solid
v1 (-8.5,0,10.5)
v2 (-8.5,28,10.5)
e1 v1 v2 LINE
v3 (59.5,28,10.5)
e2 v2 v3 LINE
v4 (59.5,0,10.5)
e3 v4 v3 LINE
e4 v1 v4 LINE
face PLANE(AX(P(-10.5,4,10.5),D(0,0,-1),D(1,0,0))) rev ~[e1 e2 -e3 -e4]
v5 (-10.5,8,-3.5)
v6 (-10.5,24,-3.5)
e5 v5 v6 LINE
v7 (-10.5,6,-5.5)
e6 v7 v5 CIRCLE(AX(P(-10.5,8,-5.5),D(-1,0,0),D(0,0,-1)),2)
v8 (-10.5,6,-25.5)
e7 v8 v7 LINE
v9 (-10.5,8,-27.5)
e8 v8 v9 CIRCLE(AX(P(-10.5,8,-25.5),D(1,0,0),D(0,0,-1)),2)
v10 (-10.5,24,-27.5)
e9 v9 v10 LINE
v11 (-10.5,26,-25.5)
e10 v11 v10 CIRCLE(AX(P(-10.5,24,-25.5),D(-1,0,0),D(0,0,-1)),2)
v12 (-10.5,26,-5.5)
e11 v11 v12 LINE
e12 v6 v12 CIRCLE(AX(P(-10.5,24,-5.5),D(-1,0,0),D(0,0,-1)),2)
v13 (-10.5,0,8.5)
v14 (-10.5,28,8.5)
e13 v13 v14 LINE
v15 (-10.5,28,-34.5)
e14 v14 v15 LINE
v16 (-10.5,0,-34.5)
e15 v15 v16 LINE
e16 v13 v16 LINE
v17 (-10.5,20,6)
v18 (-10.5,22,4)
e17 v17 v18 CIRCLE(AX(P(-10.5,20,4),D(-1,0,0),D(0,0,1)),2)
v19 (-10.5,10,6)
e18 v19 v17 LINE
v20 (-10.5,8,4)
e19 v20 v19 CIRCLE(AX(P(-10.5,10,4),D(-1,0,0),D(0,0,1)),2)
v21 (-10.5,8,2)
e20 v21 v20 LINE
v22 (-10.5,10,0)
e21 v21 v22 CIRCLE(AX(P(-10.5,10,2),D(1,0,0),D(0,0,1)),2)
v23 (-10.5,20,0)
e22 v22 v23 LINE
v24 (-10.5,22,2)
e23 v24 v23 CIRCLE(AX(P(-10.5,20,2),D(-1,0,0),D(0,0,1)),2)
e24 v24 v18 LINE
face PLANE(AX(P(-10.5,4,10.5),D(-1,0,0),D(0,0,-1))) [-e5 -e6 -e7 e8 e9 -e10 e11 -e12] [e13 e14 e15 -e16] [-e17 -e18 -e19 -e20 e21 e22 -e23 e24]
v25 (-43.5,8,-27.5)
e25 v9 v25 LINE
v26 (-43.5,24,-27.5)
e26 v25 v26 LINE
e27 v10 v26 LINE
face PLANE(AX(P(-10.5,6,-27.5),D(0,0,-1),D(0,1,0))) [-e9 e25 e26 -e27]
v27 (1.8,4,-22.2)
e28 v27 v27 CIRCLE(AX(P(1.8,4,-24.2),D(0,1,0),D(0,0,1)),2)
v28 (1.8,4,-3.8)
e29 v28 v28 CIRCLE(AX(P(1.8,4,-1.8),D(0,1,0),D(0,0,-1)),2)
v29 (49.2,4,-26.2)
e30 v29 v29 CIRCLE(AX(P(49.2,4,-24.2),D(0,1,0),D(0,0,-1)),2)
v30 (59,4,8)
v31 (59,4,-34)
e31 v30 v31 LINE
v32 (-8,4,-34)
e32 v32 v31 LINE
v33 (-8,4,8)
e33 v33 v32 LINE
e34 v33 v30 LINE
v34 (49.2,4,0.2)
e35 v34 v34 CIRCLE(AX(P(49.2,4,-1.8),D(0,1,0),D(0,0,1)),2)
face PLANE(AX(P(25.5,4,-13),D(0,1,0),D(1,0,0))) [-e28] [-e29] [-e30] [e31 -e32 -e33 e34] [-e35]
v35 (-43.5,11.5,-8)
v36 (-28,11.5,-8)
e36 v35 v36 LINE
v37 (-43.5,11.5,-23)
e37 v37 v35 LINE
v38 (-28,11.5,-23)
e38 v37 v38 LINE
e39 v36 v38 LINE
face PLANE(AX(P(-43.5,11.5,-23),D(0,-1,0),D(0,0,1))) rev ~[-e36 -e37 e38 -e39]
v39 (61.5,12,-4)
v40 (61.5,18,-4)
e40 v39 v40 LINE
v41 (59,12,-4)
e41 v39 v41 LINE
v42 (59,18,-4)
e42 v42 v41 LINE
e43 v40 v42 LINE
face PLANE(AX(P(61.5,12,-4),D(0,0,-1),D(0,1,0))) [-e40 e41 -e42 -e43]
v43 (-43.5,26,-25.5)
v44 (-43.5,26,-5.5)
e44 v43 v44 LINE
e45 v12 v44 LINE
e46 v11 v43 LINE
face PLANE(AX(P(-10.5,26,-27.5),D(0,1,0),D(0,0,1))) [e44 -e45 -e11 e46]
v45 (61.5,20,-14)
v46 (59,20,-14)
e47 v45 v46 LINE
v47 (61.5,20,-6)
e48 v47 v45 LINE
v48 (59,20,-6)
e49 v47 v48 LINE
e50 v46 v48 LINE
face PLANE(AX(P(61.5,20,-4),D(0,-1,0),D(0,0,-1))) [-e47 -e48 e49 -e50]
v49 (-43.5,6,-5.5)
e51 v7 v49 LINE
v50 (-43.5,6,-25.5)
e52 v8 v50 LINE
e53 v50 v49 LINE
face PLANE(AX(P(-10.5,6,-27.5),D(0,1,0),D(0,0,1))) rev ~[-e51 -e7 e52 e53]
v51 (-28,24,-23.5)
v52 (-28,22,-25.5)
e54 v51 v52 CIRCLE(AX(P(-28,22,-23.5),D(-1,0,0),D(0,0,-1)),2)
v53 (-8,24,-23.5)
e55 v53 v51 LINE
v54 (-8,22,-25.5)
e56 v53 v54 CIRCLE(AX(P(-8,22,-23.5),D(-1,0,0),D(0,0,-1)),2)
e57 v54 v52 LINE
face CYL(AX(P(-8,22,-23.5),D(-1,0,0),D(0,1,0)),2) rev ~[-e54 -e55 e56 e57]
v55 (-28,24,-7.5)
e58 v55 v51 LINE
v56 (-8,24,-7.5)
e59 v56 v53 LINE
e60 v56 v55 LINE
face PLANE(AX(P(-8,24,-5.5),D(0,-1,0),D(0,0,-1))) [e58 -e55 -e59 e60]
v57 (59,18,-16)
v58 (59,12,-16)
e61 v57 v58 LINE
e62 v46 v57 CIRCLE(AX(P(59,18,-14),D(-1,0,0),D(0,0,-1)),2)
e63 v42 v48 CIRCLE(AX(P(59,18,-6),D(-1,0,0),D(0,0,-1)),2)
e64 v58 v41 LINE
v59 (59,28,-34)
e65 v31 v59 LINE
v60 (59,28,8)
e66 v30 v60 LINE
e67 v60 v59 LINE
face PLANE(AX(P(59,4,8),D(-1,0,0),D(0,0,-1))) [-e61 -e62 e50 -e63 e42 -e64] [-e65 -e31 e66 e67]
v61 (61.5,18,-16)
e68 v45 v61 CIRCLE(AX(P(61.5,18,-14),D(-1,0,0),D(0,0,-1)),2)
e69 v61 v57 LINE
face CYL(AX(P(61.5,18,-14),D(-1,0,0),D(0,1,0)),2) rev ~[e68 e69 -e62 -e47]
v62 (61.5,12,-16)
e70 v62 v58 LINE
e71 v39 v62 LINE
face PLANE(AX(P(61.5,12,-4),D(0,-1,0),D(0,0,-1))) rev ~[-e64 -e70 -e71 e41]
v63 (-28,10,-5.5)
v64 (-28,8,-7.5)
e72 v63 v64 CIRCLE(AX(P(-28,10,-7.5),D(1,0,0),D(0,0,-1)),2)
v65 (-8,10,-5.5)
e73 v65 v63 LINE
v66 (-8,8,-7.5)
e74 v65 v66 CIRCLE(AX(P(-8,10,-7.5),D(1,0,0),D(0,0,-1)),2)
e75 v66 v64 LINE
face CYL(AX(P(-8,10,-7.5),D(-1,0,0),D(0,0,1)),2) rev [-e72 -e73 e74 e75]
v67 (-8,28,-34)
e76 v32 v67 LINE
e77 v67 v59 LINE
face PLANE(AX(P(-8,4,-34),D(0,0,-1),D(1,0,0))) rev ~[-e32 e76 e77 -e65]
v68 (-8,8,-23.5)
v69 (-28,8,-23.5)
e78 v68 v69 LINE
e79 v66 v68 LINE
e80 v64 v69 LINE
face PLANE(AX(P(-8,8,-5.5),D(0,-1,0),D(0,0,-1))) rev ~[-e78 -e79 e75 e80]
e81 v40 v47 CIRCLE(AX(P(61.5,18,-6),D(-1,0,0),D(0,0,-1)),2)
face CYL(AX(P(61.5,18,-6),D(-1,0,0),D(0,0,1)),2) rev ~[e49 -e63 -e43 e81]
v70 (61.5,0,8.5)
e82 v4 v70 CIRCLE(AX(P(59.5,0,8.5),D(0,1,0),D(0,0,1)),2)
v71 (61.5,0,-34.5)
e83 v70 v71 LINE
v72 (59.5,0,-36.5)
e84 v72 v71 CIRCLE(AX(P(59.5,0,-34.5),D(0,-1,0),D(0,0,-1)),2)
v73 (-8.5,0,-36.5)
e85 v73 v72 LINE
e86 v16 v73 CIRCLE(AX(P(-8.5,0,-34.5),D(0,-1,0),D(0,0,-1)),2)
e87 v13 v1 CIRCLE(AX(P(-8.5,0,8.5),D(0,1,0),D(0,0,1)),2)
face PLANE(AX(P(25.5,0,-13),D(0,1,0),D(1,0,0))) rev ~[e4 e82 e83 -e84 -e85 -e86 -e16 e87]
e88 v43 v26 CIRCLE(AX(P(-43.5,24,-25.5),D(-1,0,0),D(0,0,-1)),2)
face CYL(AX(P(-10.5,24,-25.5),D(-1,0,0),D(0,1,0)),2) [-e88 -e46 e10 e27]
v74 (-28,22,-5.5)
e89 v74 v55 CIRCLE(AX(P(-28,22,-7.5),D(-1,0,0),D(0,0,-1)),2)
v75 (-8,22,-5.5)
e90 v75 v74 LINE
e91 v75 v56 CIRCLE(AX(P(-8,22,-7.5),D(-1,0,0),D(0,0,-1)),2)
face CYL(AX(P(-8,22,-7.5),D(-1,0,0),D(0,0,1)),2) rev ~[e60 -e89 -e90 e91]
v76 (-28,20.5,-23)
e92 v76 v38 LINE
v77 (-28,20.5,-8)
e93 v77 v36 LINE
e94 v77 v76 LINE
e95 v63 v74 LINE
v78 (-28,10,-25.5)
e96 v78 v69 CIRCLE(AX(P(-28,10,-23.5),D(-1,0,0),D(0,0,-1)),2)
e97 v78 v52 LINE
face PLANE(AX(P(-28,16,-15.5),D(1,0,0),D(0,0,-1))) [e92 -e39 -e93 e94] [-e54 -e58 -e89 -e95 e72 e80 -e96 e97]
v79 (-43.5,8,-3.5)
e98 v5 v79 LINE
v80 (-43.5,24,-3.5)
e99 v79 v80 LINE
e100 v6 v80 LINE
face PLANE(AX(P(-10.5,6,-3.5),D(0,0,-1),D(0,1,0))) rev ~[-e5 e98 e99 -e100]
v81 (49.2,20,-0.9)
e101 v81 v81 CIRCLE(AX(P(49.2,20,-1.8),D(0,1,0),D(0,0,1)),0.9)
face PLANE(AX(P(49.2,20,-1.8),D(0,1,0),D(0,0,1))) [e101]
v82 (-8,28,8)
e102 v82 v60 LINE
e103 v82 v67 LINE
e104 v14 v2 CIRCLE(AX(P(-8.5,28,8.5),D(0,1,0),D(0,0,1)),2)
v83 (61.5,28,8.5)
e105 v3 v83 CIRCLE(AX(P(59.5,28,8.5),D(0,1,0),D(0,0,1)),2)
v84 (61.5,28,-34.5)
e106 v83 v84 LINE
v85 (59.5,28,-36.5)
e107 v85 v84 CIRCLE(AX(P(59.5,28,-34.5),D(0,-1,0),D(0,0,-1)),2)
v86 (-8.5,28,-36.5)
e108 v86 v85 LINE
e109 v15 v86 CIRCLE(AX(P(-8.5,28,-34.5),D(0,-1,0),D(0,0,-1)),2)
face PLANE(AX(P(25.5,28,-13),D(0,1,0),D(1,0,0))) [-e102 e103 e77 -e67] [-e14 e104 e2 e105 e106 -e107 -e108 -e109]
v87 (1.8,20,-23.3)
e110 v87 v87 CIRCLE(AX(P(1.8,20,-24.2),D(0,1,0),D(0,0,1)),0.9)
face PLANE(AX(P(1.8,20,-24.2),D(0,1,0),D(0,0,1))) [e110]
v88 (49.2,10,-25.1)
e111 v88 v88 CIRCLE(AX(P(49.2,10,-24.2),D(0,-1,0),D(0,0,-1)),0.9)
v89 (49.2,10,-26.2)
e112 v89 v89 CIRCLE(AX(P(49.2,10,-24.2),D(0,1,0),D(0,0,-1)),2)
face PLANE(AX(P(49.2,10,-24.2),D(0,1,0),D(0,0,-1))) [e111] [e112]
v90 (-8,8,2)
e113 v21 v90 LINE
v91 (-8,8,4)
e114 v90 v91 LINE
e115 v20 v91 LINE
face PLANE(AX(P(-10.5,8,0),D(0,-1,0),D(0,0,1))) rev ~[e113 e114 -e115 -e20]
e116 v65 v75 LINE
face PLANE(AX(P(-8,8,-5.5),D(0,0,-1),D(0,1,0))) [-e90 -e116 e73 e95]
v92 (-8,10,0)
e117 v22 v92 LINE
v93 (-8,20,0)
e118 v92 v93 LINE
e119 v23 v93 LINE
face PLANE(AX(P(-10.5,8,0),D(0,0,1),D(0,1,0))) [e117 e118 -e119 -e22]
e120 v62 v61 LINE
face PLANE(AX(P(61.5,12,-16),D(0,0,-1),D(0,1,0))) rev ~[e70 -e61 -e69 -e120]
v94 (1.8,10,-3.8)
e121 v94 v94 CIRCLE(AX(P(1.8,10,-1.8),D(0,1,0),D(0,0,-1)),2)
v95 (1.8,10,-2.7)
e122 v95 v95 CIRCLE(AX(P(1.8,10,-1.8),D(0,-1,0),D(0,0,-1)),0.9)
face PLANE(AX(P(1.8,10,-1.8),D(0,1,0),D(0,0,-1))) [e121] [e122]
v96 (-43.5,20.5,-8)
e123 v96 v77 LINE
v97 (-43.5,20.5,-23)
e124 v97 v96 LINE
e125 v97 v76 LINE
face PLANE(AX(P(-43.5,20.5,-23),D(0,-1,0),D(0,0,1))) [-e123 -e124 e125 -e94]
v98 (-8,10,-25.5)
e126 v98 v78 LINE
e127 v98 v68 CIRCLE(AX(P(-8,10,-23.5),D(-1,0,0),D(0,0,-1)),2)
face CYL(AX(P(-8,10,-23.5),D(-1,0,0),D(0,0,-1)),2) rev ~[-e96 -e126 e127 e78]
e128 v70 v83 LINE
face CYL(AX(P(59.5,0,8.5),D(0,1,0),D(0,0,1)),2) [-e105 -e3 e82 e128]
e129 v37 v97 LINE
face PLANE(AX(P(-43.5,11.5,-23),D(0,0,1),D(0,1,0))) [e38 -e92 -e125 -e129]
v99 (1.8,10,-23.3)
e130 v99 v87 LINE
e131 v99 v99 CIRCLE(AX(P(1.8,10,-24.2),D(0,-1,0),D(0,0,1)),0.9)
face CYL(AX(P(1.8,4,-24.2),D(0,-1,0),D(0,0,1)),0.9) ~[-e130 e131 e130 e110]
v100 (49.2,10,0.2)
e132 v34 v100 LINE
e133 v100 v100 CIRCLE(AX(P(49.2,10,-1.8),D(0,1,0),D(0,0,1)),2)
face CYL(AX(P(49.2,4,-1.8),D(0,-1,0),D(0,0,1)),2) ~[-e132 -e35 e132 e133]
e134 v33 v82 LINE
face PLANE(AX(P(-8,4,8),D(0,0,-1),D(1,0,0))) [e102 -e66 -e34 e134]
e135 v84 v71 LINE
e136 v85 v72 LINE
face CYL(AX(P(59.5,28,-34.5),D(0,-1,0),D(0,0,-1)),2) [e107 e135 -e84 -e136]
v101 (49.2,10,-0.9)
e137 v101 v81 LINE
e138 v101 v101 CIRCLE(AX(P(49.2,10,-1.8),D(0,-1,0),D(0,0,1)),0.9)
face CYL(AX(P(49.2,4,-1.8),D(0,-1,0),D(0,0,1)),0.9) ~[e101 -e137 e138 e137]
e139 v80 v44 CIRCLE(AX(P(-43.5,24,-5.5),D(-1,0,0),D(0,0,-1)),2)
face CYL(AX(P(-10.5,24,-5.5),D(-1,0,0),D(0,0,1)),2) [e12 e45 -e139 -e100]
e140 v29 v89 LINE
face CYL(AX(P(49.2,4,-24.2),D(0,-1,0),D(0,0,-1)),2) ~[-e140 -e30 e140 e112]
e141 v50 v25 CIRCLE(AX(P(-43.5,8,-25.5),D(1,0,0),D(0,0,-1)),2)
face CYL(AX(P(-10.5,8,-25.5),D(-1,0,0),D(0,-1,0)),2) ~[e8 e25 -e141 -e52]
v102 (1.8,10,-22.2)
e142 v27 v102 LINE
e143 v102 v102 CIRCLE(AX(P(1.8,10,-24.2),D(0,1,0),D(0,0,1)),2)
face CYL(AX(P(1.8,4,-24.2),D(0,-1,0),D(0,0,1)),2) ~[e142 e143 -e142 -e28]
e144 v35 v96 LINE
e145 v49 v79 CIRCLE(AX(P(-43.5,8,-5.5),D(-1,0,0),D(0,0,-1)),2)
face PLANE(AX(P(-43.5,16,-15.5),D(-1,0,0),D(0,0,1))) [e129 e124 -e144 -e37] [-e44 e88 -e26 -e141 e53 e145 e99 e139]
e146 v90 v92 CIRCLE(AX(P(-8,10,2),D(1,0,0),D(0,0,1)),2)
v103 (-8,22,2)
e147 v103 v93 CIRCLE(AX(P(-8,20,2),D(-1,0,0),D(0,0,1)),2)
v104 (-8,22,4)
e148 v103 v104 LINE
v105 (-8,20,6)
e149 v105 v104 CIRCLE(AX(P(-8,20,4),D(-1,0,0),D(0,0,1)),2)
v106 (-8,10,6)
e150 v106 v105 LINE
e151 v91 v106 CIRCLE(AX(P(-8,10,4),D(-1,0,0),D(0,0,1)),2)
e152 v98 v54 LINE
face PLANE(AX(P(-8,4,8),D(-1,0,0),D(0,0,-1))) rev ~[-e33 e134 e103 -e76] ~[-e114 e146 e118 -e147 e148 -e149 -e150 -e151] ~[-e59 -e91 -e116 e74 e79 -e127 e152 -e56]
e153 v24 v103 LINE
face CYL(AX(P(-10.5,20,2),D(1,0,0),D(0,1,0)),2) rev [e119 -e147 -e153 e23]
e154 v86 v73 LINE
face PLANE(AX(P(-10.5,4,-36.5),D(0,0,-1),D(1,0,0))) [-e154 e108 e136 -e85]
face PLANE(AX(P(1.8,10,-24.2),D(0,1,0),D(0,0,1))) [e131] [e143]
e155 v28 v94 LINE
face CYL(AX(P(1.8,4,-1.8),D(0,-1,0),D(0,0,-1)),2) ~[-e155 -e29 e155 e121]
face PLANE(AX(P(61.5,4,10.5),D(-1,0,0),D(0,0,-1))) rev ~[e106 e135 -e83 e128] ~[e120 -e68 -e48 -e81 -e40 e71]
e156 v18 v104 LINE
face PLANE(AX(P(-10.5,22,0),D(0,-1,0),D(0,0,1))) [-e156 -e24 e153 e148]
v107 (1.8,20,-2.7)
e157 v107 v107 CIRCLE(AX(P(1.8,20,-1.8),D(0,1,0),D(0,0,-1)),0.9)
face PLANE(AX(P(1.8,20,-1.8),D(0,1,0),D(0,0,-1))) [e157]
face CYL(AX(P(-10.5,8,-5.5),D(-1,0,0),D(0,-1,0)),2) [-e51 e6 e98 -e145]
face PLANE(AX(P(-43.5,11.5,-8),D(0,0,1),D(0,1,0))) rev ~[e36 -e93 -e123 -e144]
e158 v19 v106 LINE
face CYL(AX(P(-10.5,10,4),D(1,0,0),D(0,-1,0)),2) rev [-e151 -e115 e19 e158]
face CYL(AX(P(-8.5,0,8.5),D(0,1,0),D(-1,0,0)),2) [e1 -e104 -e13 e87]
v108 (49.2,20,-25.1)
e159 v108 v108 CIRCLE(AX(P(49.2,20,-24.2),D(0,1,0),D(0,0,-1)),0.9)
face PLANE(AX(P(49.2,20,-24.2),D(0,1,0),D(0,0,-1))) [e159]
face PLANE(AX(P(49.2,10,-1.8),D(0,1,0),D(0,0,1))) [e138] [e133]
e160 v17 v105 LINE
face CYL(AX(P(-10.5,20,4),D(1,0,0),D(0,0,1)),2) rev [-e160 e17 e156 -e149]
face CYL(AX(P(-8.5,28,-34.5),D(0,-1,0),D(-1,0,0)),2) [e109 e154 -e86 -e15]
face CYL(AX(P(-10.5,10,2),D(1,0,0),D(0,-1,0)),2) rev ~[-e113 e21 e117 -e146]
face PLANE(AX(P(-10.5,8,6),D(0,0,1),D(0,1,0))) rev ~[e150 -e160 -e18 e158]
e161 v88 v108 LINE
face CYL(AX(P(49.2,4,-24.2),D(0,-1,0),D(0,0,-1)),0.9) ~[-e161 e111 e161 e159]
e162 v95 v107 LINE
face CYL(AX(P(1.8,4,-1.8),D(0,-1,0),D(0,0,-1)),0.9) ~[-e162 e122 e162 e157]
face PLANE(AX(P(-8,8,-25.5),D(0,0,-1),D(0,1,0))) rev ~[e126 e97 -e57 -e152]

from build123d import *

# Parameters (mm, degrees)
SKETCH1_W           = 72
SKETCH1_H           = 47
BOSS_EXTRUDE1_DEPTH = 4
SKETCH3_W           = 72
SKETCH3_H           = 47
SKETCH3_W_2         = 67
SKETCH3_H_2         = 42
BOSS_EXTRUDE3_DEPTH = 24
SKETCH2_R           = 0.9
BOSS_EXTRUDE4_DEPTH = 16
SKETCH4_R           = 2
BOSS_EXTRUDE5_DEPTH = 6
SKETCH5_W           = 12
SKETCH5_H           = 8
CUT_EXTRUDE1_DEPTH  = 6
FILLET2_R           = 2
FILLET3_R           = 2
SKETCH11_W          = 24
SKETCH11_H          = 20
BOSS_EXTRUDE7_DEPTH = 33
SKETCH12_W          = 20
SKETCH12_H          = 16
CUT_EXTRUDE4_DEPTH  = 20
SKETCH13_W          = 15
SKETCH13_H          = 9
CUT_EXTRUDE5_DEPTH  = 20
FILLET4_R           = 2
FILLET5_R           = 2
SKETCH14_W          = 6
SKETCH14_H          = 14
CUT_EXTRUDE6_DEPTH  = 5
FILLET6_R           = 2


with BuildPart() as part:
    # Sketch1 → Boss-Extrude1 (new body)
    with BuildSketch(Plane(origin=(0, 0, 0), x_dir=(1, 0, 0), z_dir=(0, 1, 0))):
        with Locations((25.5, 13)):
            Rectangle(SKETCH1_W, SKETCH1_H)
    extrude(amount=BOSS_EXTRUDE1_DEPTH)

    # Sketch3 → Boss-Extrude3 (add)
    with BuildSketch(Plane(origin=(0, 4, 0), x_dir=(1, 0, 0), z_dir=(0, 1, 0))):
        with Locations((25.5, 13)):
            Rectangle(SKETCH3_W, SKETCH3_H)
        with Locations((25.5, 13)):
            Rectangle(SKETCH3_W_2, SKETCH3_H_2, mode=Mode.SUBTRACT)
    extrude(amount=BOSS_EXTRUDE3_DEPTH)

    # Sketch2 → Boss-Extrude4 (add)
    with BuildSketch(Plane(origin=(0, 4, 0), x_dir=(1, 0, 0), z_dir=(0, 1, 0))):
        with Locations(Location((1.8, 24.2, 0), (0, 0, 270))):
            Circle(SKETCH2_R)
        with Locations(Location((1.8, 1.8, 0), (0, 0, 90))):
            Circle(SKETCH2_R)
        with Locations(Location((49.2, 1.8, 0), (0, 0, 270))):
            Circle(SKETCH2_R)
        with Locations(Location((49.2, 24.2, 0), (0, 0, 90))):
            Circle(SKETCH2_R)
    extrude(amount=BOSS_EXTRUDE4_DEPTH)

    # Sketch4 → Boss-Extrude5 (add)
    with BuildSketch(Plane(origin=(0, 4, 0), x_dir=(1, 0, 0), z_dir=(0, 1, 0))):
        with Locations(Location((1.8, 24.2, 0), (0, 0, 270))):
            Circle(SKETCH4_R)
        with Locations(Location((1.8, 1.8, 0), (0, 0, 90))):
            Circle(SKETCH4_R)
        with Locations(Location((49.2, 1.8, 0), (0, 0, 270))):
            Circle(SKETCH4_R)
        with Locations(Location((49.2, 24.2, 0), (0, 0, 90))):
            Circle(SKETCH4_R)
    extrude(amount=BOSS_EXTRUDE5_DEPTH)

    # Sketch5 → Cut-Extrude1 (cut)
    with BuildSketch(Plane(origin=(61.5, 0, 0), x_dir=(0, 0, -1), z_dir=(1, 0, 0))):
        with Locations((10, 16)):
            Rectangle(SKETCH5_W, SKETCH5_H)
    extrude(amount=-CUT_EXTRUDE1_DEPTH, mode=Mode.SUBTRACT)

    # Fillet2
    fillet2_edges = [part.edges().sort_by_distance(p)[0] for p in [
        (-10.5, 14, 10.5),
        (-10.5, 14, -36.5),
        (61.5, 14, -36.5),
        (61.5, 14, 10.5),
    ]]
    fillet(fillet2_edges, radius=FILLET2_R)

    # Fillet3
    fillet3_edges = [part.edges().sort_by_distance(p)[0] for p in [
        (60.25, 20, -4),
        (60.25, 20, -16),
    ]]
    fillet(fillet3_edges, radius=FILLET3_R)

    # Sketch11 → Boss-Extrude7 (add)
    with BuildSketch(Plane.ZY.offset(10.5)):
        with Locations((-15.5, 16)):
            Rectangle(SKETCH11_W, SKETCH11_H)
    extrude(amount=BOSS_EXTRUDE7_DEPTH)

    # Sketch12 → Cut-Extrude4 (cut)
    with BuildSketch(Plane(origin=(-8, 0, 0), x_dir=(0, 0, -1), z_dir=(1, 0, 0))):
        with Locations((15.5, 16)):
            Rectangle(SKETCH12_W, SKETCH12_H)
    extrude(amount=-CUT_EXTRUDE4_DEPTH, mode=Mode.SUBTRACT)

    # Sketch13 → Cut-Extrude5 (cut)
    with BuildSketch(Plane.ZY.offset(43.5)):
        with Locations((-15.5, 16)):
            Rectangle(SKETCH13_W, SKETCH13_H)
    extrude(amount=-CUT_EXTRUDE5_DEPTH, mode=Mode.SUBTRACT)

    # Fillet4
    fillet4_edges = [part.edges().sort_by_distance(p)[0] for p in [
        (-18, 8, -25.5),
        (-18, 8, -5.5),
        (-18, 24, -5.5),
        (-18, 24, -25.5),
    ]]
    fillet(fillet4_edges, radius=FILLET4_R)

    # Fillet5
    fillet5_edges = [part.edges().sort_by_distance(p)[0] for p in [
        (-27, 26, -27.5),
        (-27, 6, -27.5),
        (-27, 6, -3.5),
        (-27, 26, -3.5),
    ]]
    fillet(fillet5_edges, radius=FILLET5_R)

    # Sketch14 → Cut-Extrude6 (cut)
    with BuildSketch(Plane.ZY.offset(10.5)):
        with Locations((3, 15)):
            Rectangle(SKETCH14_W, SKETCH14_H)
    extrude(amount=-CUT_EXTRUDE6_DEPTH, mode=Mode.SUBTRACT)

    # Fillet6
    fillet6_edges = [part.edges().sort_by_distance(p)[0] for p in [
        (-9.25, 8, 0),
        (-9.25, 22, 0),
        (-9.25, 22, 6),
        (-9.25, 8, 6),
    ]]
    fillet(fillet6_edges, radius=FILLET6_R)


solid = part.part
